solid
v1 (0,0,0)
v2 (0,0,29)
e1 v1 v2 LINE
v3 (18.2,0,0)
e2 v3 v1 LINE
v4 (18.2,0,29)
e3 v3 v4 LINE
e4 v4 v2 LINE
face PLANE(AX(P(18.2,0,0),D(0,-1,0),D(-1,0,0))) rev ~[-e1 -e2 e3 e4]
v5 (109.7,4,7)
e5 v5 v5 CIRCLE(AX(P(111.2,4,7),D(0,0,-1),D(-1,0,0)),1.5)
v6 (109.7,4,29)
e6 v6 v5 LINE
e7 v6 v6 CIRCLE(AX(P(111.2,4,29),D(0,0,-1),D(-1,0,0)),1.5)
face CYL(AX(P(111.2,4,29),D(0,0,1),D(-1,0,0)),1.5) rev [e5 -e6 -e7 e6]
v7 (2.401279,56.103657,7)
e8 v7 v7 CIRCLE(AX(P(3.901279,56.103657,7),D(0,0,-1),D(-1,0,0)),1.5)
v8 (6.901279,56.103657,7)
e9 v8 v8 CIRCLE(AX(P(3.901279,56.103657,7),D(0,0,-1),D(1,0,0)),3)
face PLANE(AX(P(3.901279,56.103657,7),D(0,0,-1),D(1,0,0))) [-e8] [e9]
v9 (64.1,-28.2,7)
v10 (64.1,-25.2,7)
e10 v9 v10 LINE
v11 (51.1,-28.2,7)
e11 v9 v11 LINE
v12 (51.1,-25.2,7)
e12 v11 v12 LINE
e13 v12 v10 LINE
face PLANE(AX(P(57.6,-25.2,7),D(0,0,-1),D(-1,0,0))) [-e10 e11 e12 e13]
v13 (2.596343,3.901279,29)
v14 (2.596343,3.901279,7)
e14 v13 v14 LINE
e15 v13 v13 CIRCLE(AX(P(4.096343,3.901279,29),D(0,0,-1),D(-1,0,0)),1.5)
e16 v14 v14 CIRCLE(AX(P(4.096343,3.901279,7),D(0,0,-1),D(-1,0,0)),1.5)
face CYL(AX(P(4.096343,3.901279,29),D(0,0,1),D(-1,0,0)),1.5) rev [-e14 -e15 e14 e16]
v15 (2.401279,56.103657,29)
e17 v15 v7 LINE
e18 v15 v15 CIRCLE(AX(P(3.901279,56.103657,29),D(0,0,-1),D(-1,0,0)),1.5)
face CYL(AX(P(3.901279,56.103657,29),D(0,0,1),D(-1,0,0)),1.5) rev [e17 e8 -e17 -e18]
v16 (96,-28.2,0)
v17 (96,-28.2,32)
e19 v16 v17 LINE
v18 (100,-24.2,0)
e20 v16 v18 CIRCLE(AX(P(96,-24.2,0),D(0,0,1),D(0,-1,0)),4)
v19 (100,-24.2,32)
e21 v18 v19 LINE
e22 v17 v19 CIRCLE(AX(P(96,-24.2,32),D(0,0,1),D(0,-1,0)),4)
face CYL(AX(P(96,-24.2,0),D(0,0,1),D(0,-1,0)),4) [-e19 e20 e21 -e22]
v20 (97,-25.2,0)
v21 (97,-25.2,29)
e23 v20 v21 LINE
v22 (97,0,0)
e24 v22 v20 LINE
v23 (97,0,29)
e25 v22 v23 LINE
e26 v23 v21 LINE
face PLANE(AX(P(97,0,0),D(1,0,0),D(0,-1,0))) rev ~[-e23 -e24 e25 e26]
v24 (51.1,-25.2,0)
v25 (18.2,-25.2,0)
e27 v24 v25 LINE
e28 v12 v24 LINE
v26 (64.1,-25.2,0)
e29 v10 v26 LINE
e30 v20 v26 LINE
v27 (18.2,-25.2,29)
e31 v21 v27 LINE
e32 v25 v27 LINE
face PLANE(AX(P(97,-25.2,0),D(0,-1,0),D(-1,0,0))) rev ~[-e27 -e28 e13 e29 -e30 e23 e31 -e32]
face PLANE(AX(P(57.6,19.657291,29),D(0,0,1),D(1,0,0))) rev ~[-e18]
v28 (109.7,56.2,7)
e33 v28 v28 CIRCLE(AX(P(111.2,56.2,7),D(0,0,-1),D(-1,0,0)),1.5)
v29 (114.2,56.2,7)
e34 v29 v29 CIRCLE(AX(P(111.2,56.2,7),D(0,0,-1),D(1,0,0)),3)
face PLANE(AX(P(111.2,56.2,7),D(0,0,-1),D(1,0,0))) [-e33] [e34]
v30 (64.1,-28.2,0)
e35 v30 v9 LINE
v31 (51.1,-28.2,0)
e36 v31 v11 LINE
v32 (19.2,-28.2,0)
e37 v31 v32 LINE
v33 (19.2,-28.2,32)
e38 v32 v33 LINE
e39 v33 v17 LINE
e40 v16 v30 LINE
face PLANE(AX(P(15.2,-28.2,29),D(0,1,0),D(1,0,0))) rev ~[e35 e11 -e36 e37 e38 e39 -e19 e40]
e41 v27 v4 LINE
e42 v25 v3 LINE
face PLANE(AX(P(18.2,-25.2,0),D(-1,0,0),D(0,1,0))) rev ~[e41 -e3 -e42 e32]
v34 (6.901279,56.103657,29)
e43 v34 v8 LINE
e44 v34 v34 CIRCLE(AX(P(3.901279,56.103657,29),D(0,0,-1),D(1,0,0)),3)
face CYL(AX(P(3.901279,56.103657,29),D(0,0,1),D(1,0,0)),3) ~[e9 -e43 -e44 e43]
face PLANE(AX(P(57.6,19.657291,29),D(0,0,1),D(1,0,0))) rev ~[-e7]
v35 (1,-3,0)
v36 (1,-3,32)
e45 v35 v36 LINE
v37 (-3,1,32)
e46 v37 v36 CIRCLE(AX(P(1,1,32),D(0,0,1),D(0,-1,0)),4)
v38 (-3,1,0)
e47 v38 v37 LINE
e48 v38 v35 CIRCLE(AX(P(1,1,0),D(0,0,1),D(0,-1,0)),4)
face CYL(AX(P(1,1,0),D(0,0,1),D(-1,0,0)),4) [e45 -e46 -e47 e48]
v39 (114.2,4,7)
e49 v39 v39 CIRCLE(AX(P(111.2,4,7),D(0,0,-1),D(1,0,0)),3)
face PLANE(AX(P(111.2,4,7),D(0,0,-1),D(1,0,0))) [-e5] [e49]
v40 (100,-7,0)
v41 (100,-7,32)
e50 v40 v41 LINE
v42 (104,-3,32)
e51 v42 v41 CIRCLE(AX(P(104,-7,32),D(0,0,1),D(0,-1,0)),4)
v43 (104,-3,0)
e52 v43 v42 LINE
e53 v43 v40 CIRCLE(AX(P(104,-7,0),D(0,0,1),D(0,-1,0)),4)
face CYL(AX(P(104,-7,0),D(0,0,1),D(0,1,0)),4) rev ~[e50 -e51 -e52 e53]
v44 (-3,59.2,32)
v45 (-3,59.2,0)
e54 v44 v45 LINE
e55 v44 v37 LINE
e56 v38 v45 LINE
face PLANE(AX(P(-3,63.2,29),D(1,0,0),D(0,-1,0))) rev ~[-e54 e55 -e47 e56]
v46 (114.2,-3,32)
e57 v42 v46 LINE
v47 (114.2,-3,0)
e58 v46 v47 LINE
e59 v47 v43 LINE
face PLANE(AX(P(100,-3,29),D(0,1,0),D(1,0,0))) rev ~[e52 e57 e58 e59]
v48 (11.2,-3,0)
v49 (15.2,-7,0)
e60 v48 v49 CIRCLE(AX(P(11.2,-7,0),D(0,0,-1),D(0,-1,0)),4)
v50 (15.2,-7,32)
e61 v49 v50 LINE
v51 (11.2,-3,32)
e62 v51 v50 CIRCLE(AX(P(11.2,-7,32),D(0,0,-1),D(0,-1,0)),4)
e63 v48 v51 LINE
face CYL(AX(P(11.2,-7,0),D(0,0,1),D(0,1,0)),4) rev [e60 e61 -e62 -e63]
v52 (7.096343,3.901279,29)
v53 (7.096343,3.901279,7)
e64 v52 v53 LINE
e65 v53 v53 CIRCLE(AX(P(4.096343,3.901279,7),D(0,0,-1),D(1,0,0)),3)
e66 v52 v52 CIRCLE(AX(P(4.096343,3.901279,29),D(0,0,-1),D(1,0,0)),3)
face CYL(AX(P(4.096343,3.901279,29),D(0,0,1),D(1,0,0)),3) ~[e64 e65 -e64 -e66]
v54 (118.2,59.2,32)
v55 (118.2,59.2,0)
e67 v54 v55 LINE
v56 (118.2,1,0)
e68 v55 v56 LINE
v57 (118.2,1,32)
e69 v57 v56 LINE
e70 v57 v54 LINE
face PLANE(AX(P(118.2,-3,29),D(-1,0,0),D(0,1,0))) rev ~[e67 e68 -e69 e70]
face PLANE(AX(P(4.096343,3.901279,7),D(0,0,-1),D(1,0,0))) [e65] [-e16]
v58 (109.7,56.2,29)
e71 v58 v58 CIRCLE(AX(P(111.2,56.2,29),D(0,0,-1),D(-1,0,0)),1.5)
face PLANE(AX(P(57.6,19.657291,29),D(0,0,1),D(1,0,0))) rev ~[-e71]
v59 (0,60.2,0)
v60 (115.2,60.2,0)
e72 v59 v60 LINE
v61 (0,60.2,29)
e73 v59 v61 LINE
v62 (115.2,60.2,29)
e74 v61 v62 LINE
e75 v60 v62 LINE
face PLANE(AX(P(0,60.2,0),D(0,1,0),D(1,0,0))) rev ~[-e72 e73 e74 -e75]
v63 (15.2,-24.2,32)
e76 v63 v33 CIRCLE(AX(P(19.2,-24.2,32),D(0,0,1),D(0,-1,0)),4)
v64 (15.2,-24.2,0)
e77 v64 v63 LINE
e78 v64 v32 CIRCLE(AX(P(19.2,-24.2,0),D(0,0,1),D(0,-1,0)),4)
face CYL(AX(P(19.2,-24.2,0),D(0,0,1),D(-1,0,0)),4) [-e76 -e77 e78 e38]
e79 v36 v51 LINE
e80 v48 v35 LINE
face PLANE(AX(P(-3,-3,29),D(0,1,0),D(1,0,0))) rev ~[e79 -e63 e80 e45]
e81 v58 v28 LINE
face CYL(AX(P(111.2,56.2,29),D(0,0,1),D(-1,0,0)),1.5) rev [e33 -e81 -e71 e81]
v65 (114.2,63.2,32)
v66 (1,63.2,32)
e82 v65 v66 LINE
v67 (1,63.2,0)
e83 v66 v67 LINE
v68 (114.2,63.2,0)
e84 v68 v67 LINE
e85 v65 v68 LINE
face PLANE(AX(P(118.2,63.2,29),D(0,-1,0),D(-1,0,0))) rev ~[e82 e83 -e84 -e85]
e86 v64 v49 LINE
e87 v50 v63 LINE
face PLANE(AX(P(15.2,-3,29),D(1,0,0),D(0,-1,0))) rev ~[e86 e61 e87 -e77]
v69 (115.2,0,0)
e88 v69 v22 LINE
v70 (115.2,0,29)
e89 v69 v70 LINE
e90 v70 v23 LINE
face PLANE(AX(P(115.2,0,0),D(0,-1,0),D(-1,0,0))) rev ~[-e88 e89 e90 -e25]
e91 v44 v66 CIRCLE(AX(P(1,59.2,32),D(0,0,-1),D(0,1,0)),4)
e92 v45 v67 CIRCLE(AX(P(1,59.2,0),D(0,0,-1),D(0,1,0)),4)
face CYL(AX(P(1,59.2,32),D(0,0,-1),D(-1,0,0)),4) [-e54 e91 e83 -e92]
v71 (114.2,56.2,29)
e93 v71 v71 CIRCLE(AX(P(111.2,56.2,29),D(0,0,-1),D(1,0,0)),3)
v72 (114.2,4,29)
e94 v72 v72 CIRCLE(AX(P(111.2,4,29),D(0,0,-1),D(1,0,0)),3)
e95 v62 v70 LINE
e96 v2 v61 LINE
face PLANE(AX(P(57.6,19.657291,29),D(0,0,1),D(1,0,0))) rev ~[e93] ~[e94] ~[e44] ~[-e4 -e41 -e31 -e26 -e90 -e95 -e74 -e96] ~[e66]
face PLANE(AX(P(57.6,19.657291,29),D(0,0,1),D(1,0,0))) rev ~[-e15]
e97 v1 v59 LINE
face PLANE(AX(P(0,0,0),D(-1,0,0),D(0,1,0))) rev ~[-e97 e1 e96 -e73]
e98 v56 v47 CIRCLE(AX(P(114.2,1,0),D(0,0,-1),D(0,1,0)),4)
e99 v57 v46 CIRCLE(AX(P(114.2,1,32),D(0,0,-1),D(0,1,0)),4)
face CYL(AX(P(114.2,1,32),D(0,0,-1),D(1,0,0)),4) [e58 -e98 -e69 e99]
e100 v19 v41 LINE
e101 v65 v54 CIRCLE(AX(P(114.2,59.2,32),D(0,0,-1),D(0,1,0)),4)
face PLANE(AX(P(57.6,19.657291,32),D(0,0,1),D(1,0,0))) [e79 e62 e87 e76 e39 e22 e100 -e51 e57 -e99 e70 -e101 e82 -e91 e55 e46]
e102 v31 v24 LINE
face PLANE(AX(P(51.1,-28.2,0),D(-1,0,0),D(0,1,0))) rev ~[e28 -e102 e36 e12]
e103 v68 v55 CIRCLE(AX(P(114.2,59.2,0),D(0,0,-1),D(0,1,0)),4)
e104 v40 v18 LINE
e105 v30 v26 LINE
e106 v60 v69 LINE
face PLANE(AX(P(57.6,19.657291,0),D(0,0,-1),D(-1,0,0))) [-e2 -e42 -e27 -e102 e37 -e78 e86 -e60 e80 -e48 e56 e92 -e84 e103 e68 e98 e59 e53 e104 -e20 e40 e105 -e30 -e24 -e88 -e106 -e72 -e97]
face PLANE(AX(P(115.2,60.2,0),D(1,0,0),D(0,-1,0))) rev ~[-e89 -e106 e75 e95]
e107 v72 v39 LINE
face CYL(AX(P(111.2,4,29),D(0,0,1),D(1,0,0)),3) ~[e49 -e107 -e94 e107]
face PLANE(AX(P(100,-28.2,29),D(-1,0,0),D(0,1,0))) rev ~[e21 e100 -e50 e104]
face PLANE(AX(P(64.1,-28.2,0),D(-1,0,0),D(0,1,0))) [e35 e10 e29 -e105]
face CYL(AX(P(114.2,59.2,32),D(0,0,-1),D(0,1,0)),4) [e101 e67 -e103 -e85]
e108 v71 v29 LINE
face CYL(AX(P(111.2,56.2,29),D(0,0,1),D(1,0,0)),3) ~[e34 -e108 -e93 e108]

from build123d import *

# Parameters (mm, degrees)
DODANIE_WYCI_GNI_CIE1_DEPTH = 29
DODANIE_WYCI_GNI_CIE2_DEPTH = 3
SZKIC3_R                    = 3
SZKIC3_R_2                  = 1.5
DODANIE_WYCI_GNI_CIE3_DEPTH = 22
SZKIC5_W                    = 13
SZKIC5_H                    = 6
WYTNIJ_WYCI_GNI_CIE1_DEPTH  = 7
ZAOKR_GLENIE1_R             = 4
ZAOKR_GLENIE2_R             = 4


with BuildPart() as part:
    # Szkic1 → Dodanie-wyciągnięcie1 (new body)
    with BuildSketch(Plane.XY):
        Polygon((-1.456531899, 63.2), (118.2, 63.2), (118.2, -3), (100, -3), (100, -28.2), (15.2, -28.2), (15.2, -3), (-3, -3), (-3, 63.2), align=None)
        Polygon((0, 0), (0, 60.2), (115.2, 60.2), (115.2, 0), (97, 0), (97, -25.2), (18.2, -25.2), (18.2, 0), align=None, mode=Mode.SUBTRACT)
    extrude(amount=DODANIE_WYCI_GNI_CIE1_DEPTH)

    # Szkic2 → Dodanie-wyciągnięcie2 (add)
    with BuildSketch(Plane.XY.offset(29)):
        Polygon((-3, 63.2), (-3, -3), (15.2, -3), (15.2, -28.2), (100, -28.2), (100, -3), (118.2, -3), (118.2, 63.2), align=None)
    extrude(amount=DODANIE_WYCI_GNI_CIE2_DEPTH)

    # Szkic3 → Dodanie-wyciągnięcie3 (add)
    # profile 1 of 4: a face of its own
    with BuildSketch(Plane(origin=(0, 0, 29), x_dir=(-1, 0, 0), z_dir=(0, 0, -1))):
        with Locations(Location((-111.2, 4, 0), (0, 0, 180))):
            Circle(SZKIC3_R)
        with Locations((-111.2, 4)):
            Circle(SZKIC3_R_2, mode=Mode.SUBTRACT)
    # profile 2 of 4: a face of its own
    with BuildSketch(Plane(origin=(0, 0, 29), x_dir=(-1, 0, 0), z_dir=(0, 0, -1))):
        with Locations(Location((-111.2, 56.2, 0), (0, 0, 180))):
            Circle(SZKIC3_R)
        with Locations((-111.2, 56.2)):
            Circle(SZKIC3_R_2, mode=Mode.SUBTRACT)
    # profile 3 of 4: a face of its own
    with BuildSketch(Plane(origin=(0, 0, 29), x_dir=(-1, 0, 0), z_dir=(0, 0, -1))):
        with Locations(Location((-3.901278793, 56.103657268, 0), (0, 0, 180))):
            Circle(SZKIC3_R)
        with Locations((-3.901278793, 56.103657268)):
            Circle(SZKIC3_R_2, mode=Mode.SUBTRACT)
    # profile 4 of 4: a face of its own
    with BuildSketch(Plane(origin=(0, 0, 29), x_dir=(-1, 0, 0), z_dir=(0, 0, -1))):
        with Locations(Location((-4.096342732, 3.901278793, 0), (0, 0, 180))):
            Circle(SZKIC3_R)
        with Locations((-4.096342732, 3.901278793)):
            Circle(SZKIC3_R_2, mode=Mode.SUBTRACT)
    extrude(amount=DODANIE_WYCI_GNI_CIE3_DEPTH)

    # Szkic5 → Wytnij-wyciągnięcie1 (cut)
    with BuildSketch(Plane(origin=(0, 0, 0), x_dir=(-1, 0, 0), z_dir=(0, 0, -1))):
        with Locations((-57.6, -25.2)):
            Rectangle(SZKIC5_W, SZKIC5_H)
    extrude(amount=-WYTNIJ_WYCI_GNI_CIE1_DEPTH, mode=Mode.SUBTRACT)

    # Zaokrąglenie1
    zaokr_glenie1_edges = [part.edges().sort_by_distance(p)[0] for p in [
        (118.2, 63.2, 16),
        (118.2, -3, 16),
        (100, -28.2, 16),
        (15.2, -28.2, 16),
        (-3, -3, 16),
        (-3, 63.2, 16),
    ]]
    fillet(zaokr_glenie1_edges, radius=ZAOKR_GLENIE1_R)

    # Zaokrąglenie2
    zaokr_glenie2_edges = [part.edges().sort_by_distance(p)[0] for p in [
        (100, -3, 16),
        (15.2, -3, 16),
    ]]
    fillet(zaokr_glenie2_edges, radius=ZAOKR_GLENIE2_R)


solid = part.part
